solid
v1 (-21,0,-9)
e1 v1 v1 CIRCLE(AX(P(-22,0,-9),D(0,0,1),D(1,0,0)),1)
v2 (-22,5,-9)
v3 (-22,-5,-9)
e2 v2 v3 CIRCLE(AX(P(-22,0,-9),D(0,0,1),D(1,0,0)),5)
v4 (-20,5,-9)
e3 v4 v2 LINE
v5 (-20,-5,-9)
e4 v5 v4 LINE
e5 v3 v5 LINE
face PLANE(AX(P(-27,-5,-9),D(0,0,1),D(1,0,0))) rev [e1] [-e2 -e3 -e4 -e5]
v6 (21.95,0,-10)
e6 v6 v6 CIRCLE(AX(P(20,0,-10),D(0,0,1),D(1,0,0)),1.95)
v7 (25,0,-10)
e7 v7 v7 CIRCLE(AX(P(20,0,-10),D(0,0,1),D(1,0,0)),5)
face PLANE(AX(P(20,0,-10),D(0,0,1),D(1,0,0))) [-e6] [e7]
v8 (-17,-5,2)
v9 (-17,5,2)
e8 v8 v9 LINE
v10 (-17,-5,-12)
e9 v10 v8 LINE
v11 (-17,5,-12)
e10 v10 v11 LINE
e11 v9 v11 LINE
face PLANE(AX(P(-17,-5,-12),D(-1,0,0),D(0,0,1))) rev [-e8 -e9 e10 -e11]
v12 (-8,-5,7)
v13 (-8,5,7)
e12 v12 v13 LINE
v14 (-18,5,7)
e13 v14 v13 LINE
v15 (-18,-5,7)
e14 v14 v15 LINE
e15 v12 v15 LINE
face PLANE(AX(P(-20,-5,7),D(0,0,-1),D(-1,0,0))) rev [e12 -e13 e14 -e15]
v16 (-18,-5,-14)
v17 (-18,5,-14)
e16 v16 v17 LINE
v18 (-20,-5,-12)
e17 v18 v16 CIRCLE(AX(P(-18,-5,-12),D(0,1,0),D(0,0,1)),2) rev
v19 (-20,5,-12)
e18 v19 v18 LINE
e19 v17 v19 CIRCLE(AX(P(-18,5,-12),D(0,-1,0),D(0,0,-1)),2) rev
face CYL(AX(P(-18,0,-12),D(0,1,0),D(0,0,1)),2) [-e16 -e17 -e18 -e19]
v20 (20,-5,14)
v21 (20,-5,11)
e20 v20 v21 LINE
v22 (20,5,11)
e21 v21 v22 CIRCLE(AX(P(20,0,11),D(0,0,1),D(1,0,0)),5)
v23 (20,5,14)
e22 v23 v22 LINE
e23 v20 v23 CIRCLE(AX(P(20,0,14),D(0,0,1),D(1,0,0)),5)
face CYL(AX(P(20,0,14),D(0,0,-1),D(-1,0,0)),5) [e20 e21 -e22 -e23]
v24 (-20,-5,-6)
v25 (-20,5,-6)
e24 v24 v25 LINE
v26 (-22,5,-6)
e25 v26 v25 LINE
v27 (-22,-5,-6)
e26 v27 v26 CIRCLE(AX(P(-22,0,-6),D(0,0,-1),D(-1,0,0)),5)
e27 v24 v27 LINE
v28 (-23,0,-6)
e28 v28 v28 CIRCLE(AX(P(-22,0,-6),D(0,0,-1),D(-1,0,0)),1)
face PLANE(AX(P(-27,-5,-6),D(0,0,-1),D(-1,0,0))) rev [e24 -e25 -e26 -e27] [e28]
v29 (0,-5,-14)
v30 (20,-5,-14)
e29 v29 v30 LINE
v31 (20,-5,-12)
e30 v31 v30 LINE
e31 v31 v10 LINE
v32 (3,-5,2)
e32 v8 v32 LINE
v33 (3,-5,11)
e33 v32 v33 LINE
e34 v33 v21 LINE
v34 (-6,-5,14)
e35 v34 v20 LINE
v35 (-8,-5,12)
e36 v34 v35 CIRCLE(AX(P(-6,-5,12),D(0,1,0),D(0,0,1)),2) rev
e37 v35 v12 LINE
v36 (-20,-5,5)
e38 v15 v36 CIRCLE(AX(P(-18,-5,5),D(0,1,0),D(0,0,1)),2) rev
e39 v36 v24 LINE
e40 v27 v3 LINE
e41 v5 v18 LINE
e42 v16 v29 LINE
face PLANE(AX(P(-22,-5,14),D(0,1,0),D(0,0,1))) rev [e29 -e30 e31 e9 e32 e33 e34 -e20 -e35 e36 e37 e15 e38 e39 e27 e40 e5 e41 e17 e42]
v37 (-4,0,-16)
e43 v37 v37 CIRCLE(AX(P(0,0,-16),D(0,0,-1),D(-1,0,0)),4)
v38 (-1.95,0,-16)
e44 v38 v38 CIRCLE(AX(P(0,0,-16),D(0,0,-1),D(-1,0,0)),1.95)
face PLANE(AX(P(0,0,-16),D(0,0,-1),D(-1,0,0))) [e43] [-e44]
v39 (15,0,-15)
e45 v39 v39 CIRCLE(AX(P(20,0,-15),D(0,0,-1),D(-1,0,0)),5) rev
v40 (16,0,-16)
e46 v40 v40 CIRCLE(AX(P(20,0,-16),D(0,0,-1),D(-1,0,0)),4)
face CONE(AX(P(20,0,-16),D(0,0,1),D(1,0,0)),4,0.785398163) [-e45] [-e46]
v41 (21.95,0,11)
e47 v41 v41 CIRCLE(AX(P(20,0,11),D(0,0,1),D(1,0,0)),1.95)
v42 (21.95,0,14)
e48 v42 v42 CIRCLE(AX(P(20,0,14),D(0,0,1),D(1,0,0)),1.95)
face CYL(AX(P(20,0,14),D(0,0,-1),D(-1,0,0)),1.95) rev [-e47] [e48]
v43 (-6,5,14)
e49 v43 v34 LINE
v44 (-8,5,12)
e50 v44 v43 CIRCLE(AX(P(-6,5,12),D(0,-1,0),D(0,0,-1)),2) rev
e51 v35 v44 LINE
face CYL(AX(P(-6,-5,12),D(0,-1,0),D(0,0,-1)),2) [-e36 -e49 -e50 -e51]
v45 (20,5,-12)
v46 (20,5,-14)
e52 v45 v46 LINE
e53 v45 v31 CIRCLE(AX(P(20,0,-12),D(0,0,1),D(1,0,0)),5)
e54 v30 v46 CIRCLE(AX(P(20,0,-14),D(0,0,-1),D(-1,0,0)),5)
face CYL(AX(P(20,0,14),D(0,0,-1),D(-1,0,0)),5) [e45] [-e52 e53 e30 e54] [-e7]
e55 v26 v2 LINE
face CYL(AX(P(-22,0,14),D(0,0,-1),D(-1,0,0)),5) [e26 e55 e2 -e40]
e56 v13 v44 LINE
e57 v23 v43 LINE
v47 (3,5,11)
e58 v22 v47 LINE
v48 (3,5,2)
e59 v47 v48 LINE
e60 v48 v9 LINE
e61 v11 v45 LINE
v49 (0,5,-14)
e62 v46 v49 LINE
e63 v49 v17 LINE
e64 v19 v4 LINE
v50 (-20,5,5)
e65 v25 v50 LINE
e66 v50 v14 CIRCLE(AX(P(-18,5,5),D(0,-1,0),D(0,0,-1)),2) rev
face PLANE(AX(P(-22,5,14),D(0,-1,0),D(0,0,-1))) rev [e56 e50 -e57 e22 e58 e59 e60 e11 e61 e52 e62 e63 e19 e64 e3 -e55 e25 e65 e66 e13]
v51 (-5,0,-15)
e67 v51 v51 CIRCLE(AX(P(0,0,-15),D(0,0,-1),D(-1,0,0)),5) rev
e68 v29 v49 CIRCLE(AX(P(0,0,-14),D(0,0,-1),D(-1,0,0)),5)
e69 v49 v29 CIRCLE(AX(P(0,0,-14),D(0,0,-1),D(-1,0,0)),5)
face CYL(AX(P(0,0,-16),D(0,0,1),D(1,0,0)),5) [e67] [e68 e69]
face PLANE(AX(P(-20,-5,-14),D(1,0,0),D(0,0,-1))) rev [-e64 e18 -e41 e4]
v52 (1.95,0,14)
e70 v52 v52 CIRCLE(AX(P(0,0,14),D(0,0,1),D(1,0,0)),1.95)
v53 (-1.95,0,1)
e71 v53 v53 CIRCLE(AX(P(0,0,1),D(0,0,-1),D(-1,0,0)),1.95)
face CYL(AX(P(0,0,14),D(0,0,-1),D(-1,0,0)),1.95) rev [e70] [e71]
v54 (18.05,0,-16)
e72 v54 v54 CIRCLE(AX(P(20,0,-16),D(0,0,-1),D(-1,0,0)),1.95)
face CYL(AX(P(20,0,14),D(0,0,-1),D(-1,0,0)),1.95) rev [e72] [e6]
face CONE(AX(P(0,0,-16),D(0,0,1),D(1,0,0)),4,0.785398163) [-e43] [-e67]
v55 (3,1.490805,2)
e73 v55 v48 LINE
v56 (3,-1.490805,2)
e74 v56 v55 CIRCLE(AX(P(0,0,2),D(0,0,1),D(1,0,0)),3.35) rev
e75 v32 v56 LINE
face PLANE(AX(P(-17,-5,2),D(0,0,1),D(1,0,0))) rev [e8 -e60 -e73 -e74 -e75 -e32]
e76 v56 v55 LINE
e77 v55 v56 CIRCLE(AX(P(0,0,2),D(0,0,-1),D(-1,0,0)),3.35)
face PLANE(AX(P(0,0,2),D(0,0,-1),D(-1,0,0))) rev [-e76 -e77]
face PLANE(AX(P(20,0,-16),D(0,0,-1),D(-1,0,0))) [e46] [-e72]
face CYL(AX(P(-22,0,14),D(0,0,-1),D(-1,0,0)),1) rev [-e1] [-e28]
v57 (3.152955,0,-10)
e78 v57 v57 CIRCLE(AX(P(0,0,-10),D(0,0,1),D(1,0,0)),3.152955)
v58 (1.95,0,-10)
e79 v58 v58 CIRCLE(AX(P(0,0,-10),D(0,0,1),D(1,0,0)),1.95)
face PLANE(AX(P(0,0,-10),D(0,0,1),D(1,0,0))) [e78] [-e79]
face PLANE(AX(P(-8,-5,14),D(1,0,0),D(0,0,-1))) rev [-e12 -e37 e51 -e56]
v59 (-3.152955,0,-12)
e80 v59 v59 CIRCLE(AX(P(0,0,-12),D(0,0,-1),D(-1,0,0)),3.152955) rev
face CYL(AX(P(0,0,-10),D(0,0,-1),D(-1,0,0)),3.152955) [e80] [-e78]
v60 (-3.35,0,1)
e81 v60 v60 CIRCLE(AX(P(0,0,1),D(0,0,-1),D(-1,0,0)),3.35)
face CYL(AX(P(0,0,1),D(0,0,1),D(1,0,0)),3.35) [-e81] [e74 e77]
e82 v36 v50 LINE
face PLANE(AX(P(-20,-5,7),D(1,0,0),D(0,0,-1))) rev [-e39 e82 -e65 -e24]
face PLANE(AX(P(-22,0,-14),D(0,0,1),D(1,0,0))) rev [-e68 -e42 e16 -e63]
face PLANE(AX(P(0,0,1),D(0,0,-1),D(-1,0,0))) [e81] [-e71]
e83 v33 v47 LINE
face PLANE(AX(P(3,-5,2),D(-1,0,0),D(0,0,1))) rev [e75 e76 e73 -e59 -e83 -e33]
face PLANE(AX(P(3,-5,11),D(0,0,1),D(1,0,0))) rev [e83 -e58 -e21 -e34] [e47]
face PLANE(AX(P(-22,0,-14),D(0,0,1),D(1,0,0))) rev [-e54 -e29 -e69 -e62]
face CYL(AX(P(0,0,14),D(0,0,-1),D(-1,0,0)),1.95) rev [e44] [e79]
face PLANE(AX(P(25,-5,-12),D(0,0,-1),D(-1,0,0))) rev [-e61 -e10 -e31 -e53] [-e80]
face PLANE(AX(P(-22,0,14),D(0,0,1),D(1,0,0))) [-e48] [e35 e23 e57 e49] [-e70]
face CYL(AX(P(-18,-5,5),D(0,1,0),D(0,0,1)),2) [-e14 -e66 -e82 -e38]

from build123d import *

# Parameters (mm, degrees)
CROQUIS1_R                 = 1.95
CROQUIS1_R_2               = 1
SALIENTE_EXTRUIR1_DEPTH    = 14
CORTAR_EXTRUIR1_DEPTH      = 33.015621187
CORTAR_EXTRUIR1_DEPTH_BACK = 33.015621187
CROQUIS2_W                 = 7
CROQUIS2_H                 = 5
REDONDEO1_R                = 2
CROQUIS3_R                 = 5
CROQUIS3_R_2               = 1.95
CROQUIS3_R_3               = 3.152955169
SALIENTE_EXTRUIR2_DEPTH    = 2
SALIENTE_EXTRUIR3_START    = 1
CROQUIS4_R                 = 3.35
CROQUIS4_R_2               = 1.95
SALIENTE_EXTRUIR3_DEPTH    = 1
SALIENTE_EXTRUIR4_START    = 2
CROQUIS5_R                 = 5
CROQUIS5_R_2               = 1.95
SALIENTE_EXTRUIR4_DEPTH    = 2
CHAFL_N1_SIZE              = 1


with BuildPart() as part:
    # Croquis1 → Saliente-Extruir1 (new, symmetric)
    with BuildSketch(Plane.XY):
        with BuildLine():
            Line((-22, 5), (20, 5))
            ThreePointArc((20, 5), (25, 0), (20, -5))
            Line((20, -5), (-22, -5))
            ThreePointArc((-22, -5), (-27, 0), (-22, 5))
        make_face()
        Circle(CROQUIS1_R, mode=Mode.SUBTRACT)
        with Locations((20, 0)):
            Circle(CROQUIS1_R, mode=Mode.SUBTRACT)
        with Locations((-22, 0)):
            Circle(CROQUIS1_R_2, mode=Mode.SUBTRACT)
    extrude(amount=SALIENTE_EXTRUIR1_DEPTH, both=True)

    # Croquis2 → Cortar-Extruir1 (cut, two sides: drawn at the far end of the back side and taken through both)
    with BuildSketch(Plane(origin=(0, 5, 0), x_dir=(1, 0, 0), z_dir=(0, 1, 0)).offset(-CORTAR_EXTRUIR1_DEPTH_BACK)):
        Polygon((25, 12), (-17, 12), (-17, -2), (3, -2), (3, -11), (25, -11), align=None)
        with Locations((-23.5, 11.5)):
            Rectangle(CROQUIS2_W, CROQUIS2_H)
        Polygon((-27, -14), (-18.2, -14), (-8, -14), (-8, -7), (-20, -7), (-20, 6), (-27, 6), align=None)
    extrude(amount=CORTAR_EXTRUIR1_DEPTH + CORTAR_EXTRUIR1_DEPTH_BACK, mode=Mode.SUBTRACT)

    # Redondeo1
    redondeo1_edges = [part.edges().sort_by_distance(p)[0] for p in [
        (-20, 0, 7),
        (-8, 0, 14),
        (-20, 0, -14),
    ]]
    fillet(redondeo1_edges, radius=REDONDEO1_R)

    # Croquis3 → Saliente-Extruir2 (add)
    # profile 1 of 2: a face of its own
    with BuildSketch(Plane.XY.offset(-12)):
        with Locations(Location((20, 0, 0), (0, 0, 90))):
            Circle(CROQUIS3_R)
        with Locations((20, 0)):
            Circle(CROQUIS3_R_2, mode=Mode.SUBTRACT)
    # profile 2 of 2: a face of its own
    with BuildSketch(Plane.XY.offset(-12)):
        with Locations(Location((0, 0, 0), (0, 0, 180))):
            Circle(CROQUIS3_R_3)
        Circle(CROQUIS3_R_2, mode=Mode.SUBTRACT)
    extrude(amount=SALIENTE_EXTRUIR2_DEPTH)

    # Croquis4 → Saliente-Extruir3 (add)
    with BuildSketch(Plane(origin=(0, 0, 2), x_dir=(-1, 0, 0), z_dir=(0, 0, -1)).offset(SALIENTE_EXTRUIR3_START)):
        with Locations(Location((0, 0, 0), (0, 0, 153.575607921))):
            Circle(CROQUIS4_R)
        Circle(CROQUIS4_R_2, mode=Mode.SUBTRACT)
    extrude(amount=-SALIENTE_EXTRUIR3_DEPTH)

    # Croquis5 → Saliente-Extruir4 (add)
    # profile 1 of 2: a face of its own
    with BuildSketch(Plane(origin=(0, 0, -14), x_dir=(-1, 0, 0), z_dir=(0, 0, -1)).offset(SALIENTE_EXTRUIR4_START)):
        with Locations((-20, 0)):
            Circle(CROQUIS5_R)
        with Locations(Location((-20, 0, 0), (0, 0, 180))):
            Circle(CROQUIS5_R_2, mode=Mode.SUBTRACT)
    # profile 2 of 2: a face of its own
    with BuildSketch(Plane(origin=(0, 0, -14), x_dir=(-1, 0, 0), z_dir=(0, 0, -1)).offset(SALIENTE_EXTRUIR4_START)):
        with Locations(Location((0, 0, 0), (0, 0, 270))):
            Circle(CROQUIS5_R)
        Circle(CROQUIS5_R_2, mode=Mode.SUBTRACT)
    extrude(amount=-SALIENTE_EXTRUIR4_DEPTH)

    # Chaflán1
    chafl_n1_edges = [part.edges().sort_by_distance(p)[0] for p in [
        (25, 0, -16),
        (0, 5, -16),
    ]]
    chamfer(chafl_n1_edges, length=CHAFL_N1_SIZE)


solid = part.part
